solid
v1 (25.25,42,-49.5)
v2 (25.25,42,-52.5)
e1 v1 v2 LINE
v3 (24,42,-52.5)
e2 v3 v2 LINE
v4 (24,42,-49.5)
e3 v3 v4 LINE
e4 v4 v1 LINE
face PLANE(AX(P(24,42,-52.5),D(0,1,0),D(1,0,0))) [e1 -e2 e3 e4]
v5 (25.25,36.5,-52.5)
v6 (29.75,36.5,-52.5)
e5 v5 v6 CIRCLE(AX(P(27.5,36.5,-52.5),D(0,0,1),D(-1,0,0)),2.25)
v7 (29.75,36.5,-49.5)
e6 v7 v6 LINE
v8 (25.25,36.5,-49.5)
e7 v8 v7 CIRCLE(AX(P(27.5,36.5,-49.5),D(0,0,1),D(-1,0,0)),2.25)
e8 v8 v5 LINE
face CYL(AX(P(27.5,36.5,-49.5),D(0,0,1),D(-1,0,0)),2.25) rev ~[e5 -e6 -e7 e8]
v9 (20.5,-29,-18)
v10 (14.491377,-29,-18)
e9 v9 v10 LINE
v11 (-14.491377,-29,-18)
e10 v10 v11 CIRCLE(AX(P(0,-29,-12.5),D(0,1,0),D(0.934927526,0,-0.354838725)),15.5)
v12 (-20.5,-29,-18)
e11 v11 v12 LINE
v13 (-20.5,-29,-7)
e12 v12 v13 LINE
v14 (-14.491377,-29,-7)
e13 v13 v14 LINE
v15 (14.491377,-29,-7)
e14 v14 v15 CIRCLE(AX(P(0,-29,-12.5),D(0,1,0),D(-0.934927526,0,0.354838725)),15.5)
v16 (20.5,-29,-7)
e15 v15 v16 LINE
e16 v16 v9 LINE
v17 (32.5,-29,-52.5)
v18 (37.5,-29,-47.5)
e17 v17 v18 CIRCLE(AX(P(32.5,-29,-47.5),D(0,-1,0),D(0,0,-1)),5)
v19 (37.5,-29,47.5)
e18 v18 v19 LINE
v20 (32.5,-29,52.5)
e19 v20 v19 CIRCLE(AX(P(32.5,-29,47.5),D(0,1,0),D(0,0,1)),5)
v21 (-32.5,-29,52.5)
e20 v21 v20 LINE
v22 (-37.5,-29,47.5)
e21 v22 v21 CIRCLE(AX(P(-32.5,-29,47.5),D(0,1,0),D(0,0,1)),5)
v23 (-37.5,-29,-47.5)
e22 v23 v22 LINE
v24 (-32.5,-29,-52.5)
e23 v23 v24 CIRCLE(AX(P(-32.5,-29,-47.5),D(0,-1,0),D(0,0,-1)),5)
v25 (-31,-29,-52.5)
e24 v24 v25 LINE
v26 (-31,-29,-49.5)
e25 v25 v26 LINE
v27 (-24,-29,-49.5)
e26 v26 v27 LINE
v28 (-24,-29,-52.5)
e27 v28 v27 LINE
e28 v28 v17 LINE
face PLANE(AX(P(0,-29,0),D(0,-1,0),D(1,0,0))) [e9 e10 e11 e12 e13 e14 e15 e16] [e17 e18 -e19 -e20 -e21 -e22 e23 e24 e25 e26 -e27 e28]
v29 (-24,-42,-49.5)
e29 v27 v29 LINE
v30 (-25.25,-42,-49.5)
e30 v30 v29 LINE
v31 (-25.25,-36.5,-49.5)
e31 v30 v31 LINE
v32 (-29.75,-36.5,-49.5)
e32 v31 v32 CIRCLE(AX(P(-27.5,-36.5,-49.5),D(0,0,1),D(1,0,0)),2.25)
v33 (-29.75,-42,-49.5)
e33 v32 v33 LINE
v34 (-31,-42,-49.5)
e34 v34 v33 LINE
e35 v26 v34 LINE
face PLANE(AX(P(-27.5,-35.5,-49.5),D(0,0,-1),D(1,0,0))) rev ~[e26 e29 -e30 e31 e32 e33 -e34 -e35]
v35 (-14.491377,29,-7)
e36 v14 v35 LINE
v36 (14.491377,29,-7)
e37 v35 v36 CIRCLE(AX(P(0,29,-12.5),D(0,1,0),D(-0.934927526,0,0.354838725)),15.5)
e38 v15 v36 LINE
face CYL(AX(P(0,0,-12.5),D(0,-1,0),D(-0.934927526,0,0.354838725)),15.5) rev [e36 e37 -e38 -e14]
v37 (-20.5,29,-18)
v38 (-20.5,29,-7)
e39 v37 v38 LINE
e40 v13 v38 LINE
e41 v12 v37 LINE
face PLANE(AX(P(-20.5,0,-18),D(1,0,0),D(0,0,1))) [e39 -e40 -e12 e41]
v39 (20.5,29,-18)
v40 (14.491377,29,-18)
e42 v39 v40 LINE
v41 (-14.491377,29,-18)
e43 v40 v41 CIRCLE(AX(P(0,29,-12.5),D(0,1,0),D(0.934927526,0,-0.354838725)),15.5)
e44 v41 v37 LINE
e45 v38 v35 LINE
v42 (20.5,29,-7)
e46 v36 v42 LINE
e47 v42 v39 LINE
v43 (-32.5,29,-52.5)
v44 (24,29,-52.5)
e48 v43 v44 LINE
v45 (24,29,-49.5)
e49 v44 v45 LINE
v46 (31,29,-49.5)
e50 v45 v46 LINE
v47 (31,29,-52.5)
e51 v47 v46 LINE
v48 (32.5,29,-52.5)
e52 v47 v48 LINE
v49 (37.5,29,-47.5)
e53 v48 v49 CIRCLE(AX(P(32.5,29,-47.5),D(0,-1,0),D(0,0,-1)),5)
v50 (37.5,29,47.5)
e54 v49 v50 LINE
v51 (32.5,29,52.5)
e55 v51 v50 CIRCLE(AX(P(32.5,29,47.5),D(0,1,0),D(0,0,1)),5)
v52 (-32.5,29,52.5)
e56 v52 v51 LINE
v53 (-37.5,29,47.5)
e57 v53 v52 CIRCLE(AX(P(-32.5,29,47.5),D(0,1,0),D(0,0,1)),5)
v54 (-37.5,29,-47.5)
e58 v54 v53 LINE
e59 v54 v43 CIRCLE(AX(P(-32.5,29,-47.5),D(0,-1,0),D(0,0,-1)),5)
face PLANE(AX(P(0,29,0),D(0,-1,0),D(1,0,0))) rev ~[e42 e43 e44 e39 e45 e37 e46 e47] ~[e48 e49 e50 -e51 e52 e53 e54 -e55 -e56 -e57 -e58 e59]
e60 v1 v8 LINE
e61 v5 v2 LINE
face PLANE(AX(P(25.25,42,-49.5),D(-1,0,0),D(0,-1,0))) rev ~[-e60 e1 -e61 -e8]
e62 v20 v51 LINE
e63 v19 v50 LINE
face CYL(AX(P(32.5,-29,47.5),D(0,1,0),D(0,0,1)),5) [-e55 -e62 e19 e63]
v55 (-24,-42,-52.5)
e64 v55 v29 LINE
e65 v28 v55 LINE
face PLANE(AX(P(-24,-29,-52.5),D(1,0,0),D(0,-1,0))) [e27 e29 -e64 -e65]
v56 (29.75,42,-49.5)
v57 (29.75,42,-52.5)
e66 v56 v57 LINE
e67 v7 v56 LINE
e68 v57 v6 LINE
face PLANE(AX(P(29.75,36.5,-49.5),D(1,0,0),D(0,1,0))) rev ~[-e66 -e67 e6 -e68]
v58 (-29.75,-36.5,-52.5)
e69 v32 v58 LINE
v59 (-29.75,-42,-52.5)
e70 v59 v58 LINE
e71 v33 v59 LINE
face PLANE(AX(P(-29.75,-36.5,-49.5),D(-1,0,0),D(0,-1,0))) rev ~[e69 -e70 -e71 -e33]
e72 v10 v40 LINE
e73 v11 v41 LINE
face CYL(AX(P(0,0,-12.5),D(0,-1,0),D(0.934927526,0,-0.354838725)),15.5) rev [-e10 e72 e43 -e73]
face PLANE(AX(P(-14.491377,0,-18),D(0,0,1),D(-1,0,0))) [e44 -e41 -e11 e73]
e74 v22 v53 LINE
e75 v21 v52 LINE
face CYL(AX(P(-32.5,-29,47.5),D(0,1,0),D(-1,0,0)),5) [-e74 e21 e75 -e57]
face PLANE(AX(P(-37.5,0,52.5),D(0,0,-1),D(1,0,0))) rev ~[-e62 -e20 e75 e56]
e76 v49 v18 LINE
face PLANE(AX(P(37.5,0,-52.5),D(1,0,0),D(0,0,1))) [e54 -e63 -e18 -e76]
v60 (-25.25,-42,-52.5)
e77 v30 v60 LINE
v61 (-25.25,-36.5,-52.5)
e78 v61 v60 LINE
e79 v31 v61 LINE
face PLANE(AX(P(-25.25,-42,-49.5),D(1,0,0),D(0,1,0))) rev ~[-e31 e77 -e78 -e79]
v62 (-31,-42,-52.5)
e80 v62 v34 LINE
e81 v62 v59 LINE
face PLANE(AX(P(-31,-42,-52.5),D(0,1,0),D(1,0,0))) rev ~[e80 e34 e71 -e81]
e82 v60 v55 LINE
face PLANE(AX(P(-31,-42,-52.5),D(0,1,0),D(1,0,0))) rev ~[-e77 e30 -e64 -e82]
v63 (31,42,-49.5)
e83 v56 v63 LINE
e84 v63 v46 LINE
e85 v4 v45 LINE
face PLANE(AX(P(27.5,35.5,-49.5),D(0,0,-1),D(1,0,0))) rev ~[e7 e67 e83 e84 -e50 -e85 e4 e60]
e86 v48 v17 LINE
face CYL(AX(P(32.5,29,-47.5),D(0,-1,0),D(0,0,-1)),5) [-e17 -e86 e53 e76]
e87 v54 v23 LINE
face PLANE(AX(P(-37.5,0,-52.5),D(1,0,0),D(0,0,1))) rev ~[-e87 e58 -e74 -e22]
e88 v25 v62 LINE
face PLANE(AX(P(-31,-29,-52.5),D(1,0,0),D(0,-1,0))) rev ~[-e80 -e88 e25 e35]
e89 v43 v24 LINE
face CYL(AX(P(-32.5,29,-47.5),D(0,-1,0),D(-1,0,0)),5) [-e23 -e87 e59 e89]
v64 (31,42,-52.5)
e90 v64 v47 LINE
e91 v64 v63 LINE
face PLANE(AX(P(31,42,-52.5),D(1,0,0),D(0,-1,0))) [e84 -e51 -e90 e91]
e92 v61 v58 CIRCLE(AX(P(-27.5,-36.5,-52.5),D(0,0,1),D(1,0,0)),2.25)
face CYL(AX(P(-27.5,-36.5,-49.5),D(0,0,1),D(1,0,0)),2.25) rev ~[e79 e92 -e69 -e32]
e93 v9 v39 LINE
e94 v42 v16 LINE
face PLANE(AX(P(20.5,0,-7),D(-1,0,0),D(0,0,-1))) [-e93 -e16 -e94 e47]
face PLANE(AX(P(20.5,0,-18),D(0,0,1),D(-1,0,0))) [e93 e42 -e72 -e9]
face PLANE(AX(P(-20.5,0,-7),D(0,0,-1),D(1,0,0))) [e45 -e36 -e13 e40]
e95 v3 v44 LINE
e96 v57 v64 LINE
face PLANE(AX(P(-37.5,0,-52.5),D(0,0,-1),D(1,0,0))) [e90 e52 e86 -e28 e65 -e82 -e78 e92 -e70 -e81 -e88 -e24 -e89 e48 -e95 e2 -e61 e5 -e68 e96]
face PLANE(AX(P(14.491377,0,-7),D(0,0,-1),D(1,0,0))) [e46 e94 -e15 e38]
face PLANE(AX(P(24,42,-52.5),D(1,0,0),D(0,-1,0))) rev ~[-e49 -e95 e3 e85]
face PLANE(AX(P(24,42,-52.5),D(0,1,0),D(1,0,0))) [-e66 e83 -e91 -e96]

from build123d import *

# Parameters (mm, degrees)
F0_W     = 75
F0_H     = 105
F1_DEPTH = 29
F2_W     = 7
F2_H     = 13
F3_DEPTH = 3
F6_DEPTH = 25
F7_R     = 5


with BuildPart() as f1:
    # F0 (on Front) → F1 (new body, symmetric)
    with BuildSketch(Plane.XZ):
        Rectangle(F0_W, F0_H)
        with BuildLine():
            Line((20.5, -7), (20.5, -18))
            Line((20.5, -18), (14.491377, -18))
            ThreePointArc((14.491377, -18), (0, -28), (-14.491377, -18))
            Line((-14.491377, -18), (-20.5, -18))
            Line((-20.5, -18), (-20.5, -7))
            Line((-20.5, -7), (-14.491377, -7))
            ThreePointArc((-14.491377, -7), (0, 3), (14.491377, -7))
            Line((14.491377, -7), (20.5, -7))
        make_face(mode=Mode.SUBTRACT)
    extrude(amount=F1_DEPTH, both=True)

    # F2 (on face) → F3 (join)
    with BuildSketch(Plane(origin=(0, 0, -52.5), x_dir=(1, 0, 0), z_dir=(0, 0, -1))):
        with Locations((-27.5, 35.5)):
            Rectangle(F2_W, F2_H)
        with Locations((27.5, -35.5)):
            Rectangle(F2_W, F2_H)
    extrude(amount=-F3_DEPTH)

    # F5 (on face) + F4 (on face) → F6 (cut)
    with BuildSketch(Plane.XY.offset(-49.5)):
        with BuildLine():
            Line((25.25, 42), (25.25, 36.5))
            ThreePointArc((25.25, 36.5), (27.5, 34.25), (29.75, 36.5))
            Line((29.75, 36.5), (29.75, 42))
            Line((29.75, 42), (25.25, 42))
        make_face()
    with BuildSketch(Plane.XY.offset(-49.5)):
        with BuildLine():
            Line((-25.25, -42), (-25.25, -36.5))
            ThreePointArc((-25.25, -36.5), (-27.5, -34.25), (-29.75, -36.5))
            Line((-29.75, -36.5), (-29.75, -42))
            Line((-29.75, -42), (-25.25, -42))
        make_face()
    extrude(amount=-F6_DEPTH, mode=Mode.SUBTRACT)

    # F7
    f7_edges = [f1.edges().sort_by_distance(p)[0] for p in [
        (-37.5, 0, -52.5),
        (37.5, 0, -52.5),
        (37.5, 0, 52.5),
        (-37.5, 0, 52.5),
    ]]
    fillet(f7_edges, radius=F7_R)


solid = f1.part
